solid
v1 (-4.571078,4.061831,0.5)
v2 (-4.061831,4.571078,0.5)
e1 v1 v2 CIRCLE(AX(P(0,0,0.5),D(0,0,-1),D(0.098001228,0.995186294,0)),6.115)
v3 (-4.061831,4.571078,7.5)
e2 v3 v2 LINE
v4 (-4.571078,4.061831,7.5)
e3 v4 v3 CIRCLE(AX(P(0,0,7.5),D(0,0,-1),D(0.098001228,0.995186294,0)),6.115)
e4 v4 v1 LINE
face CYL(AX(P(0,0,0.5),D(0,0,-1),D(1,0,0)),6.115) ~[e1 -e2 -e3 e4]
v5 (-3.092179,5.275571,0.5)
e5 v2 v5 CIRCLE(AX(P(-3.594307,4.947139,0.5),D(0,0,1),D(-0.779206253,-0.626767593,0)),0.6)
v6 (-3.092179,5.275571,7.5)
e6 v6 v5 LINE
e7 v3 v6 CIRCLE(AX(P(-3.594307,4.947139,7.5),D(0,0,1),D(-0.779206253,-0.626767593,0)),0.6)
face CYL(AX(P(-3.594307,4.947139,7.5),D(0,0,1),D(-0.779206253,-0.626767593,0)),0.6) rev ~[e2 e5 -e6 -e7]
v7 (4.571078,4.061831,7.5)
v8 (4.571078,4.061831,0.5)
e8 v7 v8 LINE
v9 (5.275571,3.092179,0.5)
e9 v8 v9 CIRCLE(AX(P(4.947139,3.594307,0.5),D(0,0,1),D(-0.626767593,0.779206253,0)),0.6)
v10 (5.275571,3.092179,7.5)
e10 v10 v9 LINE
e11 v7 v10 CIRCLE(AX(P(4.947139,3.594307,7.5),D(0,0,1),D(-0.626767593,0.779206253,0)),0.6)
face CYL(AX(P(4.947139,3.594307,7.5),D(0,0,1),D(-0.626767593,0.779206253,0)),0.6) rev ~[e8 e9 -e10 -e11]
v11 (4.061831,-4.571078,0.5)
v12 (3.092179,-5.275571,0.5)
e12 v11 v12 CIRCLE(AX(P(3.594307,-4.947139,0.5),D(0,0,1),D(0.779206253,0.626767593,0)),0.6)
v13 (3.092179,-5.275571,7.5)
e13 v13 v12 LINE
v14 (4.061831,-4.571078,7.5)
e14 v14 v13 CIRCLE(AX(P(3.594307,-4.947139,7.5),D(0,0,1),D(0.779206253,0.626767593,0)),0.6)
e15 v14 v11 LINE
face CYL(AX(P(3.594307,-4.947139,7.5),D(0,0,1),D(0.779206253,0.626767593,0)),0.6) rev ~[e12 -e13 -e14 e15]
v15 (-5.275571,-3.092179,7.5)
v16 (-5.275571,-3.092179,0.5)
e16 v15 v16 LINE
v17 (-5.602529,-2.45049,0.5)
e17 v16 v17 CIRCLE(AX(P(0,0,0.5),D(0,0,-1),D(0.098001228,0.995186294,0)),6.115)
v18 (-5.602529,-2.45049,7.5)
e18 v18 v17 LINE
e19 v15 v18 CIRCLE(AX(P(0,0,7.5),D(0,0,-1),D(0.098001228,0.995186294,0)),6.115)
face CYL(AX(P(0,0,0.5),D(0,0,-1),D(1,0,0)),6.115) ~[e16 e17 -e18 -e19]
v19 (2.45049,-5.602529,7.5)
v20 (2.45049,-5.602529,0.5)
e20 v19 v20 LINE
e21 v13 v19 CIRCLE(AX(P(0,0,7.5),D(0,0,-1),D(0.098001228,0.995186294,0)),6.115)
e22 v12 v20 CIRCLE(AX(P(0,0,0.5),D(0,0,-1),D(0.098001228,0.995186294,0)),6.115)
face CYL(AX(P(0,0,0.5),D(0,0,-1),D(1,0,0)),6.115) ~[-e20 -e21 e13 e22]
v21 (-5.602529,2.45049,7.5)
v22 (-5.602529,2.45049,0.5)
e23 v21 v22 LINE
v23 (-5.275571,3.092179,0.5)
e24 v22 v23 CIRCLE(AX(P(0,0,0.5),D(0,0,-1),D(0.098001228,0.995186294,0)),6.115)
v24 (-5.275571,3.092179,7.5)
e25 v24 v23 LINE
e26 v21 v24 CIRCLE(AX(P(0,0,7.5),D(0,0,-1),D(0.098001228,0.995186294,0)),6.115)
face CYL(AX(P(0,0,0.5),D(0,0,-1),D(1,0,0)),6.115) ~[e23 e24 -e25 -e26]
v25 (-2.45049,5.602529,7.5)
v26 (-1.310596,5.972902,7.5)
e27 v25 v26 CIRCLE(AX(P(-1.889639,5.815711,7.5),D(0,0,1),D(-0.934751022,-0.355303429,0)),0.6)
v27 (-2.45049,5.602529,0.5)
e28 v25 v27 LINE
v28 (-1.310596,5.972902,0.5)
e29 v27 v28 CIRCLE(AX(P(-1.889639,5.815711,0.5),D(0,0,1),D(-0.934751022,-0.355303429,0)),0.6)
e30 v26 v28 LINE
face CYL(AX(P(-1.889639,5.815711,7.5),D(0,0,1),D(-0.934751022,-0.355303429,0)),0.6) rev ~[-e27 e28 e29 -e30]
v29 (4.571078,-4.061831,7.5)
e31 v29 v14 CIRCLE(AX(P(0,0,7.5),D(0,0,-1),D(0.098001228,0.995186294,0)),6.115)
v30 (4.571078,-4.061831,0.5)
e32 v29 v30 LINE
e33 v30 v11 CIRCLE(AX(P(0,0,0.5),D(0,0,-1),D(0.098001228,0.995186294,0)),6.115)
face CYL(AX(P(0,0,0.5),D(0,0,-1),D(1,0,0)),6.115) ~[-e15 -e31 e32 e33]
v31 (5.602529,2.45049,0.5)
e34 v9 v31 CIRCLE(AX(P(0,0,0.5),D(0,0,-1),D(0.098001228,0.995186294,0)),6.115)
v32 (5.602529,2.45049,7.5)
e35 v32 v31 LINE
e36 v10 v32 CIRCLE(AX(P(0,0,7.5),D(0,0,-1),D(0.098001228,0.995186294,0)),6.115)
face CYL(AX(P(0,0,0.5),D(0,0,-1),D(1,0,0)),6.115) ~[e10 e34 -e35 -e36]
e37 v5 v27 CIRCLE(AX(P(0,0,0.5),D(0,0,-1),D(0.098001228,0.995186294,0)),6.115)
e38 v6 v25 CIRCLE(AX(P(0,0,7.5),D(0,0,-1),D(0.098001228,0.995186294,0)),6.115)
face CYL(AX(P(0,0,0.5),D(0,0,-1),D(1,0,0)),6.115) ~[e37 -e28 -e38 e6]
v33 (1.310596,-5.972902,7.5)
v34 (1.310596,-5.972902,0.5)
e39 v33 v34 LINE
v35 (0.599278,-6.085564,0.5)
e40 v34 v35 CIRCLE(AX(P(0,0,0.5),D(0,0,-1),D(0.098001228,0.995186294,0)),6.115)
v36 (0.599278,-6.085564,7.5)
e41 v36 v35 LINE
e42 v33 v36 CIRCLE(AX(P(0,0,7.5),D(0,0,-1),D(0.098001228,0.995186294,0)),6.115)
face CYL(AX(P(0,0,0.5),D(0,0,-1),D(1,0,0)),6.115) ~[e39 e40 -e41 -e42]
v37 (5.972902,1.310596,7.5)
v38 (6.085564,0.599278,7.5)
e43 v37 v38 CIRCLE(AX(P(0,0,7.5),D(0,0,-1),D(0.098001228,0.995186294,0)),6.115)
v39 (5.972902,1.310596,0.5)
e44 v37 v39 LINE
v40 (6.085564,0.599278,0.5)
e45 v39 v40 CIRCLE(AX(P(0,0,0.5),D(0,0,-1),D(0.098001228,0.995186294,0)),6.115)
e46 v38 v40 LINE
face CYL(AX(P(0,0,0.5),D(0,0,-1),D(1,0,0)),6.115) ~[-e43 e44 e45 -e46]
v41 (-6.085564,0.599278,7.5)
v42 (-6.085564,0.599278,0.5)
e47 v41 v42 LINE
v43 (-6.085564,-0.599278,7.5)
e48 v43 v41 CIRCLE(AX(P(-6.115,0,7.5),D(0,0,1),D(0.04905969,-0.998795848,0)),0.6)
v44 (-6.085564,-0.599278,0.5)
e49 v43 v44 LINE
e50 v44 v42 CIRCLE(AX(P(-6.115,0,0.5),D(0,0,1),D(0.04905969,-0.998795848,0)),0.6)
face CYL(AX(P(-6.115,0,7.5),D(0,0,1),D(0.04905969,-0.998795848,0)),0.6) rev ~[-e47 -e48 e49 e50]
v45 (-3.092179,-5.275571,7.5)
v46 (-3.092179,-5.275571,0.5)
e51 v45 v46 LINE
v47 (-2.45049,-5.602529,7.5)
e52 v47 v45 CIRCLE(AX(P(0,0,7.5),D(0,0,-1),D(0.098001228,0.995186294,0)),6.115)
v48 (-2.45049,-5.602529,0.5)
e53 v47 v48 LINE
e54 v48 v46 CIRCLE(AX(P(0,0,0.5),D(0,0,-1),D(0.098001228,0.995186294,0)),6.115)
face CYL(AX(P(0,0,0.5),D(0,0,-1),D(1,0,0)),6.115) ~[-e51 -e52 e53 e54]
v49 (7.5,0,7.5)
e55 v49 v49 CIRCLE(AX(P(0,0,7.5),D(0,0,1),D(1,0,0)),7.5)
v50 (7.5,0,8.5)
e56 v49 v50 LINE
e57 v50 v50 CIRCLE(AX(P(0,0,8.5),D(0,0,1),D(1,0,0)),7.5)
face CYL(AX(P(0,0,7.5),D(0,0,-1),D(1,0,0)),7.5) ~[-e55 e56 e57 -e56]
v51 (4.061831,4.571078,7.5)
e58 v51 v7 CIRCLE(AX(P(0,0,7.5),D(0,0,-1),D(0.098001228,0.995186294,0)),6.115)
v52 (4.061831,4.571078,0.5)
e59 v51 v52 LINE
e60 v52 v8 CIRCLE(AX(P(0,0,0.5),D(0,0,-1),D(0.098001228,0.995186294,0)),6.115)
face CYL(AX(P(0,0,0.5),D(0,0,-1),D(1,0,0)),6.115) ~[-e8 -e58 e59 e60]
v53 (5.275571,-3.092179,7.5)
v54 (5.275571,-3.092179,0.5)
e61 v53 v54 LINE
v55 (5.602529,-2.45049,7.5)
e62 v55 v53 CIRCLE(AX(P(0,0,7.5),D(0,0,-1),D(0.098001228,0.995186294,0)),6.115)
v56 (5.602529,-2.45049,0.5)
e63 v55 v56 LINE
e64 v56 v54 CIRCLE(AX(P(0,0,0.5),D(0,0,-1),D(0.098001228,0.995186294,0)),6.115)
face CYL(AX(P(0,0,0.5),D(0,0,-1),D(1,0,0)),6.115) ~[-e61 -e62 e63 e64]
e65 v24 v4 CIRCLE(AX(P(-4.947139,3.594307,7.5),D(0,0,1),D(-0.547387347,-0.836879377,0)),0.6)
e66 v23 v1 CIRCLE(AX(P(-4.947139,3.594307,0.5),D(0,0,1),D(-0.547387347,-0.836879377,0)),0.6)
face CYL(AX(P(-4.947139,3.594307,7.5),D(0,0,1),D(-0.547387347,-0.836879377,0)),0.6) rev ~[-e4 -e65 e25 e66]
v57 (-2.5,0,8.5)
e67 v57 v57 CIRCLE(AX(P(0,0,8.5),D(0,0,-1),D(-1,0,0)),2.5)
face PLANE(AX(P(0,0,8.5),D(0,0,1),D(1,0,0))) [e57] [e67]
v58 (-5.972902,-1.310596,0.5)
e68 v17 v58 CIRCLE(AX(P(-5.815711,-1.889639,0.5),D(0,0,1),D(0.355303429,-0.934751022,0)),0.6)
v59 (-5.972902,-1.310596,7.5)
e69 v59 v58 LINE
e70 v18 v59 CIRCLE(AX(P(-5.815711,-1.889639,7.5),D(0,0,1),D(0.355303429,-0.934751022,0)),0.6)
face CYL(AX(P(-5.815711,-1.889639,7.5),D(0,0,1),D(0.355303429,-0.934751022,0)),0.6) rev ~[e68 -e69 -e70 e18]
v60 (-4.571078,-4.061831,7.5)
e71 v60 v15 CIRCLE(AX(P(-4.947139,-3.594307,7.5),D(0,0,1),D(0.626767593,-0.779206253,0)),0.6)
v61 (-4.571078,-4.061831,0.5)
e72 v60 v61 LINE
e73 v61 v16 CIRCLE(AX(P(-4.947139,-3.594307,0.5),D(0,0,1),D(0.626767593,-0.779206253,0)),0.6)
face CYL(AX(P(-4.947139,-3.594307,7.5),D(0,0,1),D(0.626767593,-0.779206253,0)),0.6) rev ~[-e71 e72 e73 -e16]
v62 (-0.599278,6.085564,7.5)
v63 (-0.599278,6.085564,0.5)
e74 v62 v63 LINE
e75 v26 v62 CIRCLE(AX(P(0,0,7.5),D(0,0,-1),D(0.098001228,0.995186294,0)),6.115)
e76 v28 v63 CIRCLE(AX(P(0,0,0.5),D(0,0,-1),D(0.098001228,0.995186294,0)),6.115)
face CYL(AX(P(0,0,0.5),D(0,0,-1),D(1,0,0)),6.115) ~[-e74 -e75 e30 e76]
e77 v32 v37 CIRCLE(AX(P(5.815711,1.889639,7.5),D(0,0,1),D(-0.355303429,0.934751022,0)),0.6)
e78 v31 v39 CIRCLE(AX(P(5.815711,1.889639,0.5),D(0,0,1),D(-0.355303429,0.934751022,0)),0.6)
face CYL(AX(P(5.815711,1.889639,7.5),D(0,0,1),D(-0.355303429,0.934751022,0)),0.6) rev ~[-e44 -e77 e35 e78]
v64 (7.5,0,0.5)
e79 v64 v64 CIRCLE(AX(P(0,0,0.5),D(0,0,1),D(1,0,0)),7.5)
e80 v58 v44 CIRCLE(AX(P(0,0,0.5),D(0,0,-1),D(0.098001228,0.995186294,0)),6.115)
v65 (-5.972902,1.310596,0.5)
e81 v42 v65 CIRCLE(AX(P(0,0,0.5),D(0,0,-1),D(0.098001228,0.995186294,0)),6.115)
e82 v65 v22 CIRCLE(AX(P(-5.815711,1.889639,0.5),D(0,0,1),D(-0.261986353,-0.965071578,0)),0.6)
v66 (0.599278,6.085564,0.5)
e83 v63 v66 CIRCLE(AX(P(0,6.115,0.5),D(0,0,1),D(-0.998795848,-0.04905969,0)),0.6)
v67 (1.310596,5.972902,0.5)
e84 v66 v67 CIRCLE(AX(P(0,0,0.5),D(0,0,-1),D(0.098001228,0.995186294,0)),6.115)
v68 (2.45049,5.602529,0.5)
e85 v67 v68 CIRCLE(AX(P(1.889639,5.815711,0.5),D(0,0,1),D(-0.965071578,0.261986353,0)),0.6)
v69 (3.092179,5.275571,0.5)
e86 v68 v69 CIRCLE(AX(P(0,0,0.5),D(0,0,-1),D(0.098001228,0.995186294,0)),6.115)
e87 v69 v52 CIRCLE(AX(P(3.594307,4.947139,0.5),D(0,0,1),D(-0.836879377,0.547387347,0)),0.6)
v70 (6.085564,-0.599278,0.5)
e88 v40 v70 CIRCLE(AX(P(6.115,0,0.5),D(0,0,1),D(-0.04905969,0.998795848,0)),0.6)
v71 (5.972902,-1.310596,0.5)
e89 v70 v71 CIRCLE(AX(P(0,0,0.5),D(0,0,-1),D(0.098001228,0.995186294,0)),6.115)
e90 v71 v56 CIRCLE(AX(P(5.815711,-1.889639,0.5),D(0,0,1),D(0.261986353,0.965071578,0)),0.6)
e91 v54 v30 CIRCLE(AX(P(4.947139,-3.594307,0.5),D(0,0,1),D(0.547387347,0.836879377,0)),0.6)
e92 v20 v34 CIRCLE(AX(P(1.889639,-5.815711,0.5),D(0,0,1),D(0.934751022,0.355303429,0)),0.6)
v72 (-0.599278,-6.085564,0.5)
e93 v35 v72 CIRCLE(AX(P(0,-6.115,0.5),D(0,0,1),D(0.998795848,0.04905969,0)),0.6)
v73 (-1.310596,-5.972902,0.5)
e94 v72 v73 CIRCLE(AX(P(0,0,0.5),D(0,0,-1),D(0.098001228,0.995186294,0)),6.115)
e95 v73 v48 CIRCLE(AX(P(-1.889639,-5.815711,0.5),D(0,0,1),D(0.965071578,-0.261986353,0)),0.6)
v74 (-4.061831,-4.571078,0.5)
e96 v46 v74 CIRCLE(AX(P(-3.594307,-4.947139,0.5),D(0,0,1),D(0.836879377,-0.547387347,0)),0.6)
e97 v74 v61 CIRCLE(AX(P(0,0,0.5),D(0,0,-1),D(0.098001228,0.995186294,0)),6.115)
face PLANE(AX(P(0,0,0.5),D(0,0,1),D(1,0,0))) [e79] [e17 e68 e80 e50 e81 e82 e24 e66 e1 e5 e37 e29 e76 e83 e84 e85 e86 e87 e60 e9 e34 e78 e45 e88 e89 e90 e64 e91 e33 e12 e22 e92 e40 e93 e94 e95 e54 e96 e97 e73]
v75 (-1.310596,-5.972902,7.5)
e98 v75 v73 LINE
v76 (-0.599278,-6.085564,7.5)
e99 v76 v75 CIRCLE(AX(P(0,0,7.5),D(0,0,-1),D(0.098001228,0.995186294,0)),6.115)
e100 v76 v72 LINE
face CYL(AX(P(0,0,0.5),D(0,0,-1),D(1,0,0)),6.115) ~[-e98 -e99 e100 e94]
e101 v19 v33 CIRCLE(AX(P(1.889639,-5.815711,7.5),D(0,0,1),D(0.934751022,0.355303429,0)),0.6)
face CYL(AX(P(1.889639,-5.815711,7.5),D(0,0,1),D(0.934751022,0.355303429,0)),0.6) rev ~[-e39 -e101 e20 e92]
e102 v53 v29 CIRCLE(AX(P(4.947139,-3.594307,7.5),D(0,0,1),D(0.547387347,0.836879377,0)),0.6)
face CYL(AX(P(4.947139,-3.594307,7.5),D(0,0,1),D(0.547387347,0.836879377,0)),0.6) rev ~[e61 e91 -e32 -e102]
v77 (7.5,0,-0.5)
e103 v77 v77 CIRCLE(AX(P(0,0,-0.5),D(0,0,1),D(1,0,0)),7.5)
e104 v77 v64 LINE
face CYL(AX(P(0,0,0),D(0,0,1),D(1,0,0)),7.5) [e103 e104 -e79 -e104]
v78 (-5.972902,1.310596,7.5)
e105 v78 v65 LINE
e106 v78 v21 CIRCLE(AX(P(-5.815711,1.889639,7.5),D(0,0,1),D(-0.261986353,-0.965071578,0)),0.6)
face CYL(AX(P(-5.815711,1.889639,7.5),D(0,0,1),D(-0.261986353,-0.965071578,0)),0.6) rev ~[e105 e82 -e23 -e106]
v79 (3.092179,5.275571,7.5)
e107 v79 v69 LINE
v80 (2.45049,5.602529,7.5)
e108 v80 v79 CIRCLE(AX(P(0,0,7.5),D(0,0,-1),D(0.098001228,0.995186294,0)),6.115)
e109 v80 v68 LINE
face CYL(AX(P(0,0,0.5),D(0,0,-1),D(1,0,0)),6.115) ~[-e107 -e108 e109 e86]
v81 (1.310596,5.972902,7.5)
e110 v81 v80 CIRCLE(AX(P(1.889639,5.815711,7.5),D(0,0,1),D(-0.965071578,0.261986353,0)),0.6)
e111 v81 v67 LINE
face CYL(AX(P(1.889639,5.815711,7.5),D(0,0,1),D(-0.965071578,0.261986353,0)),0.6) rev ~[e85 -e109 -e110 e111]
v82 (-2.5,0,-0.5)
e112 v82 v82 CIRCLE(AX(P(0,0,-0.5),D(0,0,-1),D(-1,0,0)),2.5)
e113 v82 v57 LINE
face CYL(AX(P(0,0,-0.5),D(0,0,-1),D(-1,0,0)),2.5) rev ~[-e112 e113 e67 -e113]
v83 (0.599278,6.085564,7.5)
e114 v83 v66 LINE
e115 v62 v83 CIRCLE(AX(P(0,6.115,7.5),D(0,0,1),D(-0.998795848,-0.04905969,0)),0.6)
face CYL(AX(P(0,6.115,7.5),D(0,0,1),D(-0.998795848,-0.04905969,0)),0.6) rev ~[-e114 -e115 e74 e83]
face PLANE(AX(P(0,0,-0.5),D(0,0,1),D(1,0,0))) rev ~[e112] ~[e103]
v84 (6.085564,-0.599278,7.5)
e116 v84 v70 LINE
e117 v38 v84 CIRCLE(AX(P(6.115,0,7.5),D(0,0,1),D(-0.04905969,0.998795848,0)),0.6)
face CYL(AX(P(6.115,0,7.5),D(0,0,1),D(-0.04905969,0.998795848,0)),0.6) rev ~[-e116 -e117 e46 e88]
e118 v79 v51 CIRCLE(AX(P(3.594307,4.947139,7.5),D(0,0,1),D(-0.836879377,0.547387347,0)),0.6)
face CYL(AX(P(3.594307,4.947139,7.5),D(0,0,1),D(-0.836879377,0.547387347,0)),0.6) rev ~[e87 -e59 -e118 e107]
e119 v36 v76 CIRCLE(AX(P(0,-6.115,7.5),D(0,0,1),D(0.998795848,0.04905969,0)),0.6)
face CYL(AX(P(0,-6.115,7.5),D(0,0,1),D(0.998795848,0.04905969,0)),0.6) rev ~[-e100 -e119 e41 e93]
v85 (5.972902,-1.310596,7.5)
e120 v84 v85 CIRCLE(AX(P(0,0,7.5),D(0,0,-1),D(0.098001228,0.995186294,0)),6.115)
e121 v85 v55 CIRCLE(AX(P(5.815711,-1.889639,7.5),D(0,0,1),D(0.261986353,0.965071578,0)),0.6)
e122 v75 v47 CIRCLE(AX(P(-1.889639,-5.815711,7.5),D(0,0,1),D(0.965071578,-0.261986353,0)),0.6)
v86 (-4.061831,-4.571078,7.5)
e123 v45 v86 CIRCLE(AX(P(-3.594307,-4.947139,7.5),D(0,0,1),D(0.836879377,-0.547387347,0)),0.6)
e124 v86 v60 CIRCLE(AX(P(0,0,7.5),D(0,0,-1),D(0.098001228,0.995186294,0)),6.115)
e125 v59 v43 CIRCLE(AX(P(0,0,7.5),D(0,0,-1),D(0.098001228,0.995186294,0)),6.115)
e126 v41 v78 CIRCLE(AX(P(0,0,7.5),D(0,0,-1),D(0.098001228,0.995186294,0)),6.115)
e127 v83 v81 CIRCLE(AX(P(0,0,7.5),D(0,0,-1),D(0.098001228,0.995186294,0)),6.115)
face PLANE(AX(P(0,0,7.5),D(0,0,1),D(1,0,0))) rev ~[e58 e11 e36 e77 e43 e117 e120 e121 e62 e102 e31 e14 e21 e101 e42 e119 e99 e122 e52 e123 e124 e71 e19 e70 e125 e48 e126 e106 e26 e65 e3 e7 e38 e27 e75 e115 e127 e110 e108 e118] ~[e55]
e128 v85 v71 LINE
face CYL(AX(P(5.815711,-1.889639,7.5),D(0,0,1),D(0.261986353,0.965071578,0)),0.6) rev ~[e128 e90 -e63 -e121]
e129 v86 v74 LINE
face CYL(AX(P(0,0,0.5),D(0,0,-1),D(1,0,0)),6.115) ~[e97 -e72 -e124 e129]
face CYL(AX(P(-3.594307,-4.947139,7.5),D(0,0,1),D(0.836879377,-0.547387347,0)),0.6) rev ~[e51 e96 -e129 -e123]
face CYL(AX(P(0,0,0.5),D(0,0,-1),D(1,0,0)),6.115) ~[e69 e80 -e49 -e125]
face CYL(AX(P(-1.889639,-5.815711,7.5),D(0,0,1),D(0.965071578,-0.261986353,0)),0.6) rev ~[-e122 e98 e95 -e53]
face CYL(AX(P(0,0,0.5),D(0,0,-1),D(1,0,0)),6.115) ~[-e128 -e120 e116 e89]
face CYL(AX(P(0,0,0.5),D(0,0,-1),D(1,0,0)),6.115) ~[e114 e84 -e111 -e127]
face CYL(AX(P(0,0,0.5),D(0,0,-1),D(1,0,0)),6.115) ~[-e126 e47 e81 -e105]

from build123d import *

# Parameters (mm, degrees)
SKETCH_1_R               = 7.5
EXTRUDE_1_DEPTH          = 0.5
SKETCH_2_R               = 6.115
EXTRUDE_2_DEPTH          = 7
CUT_EXTRUDE_3_DEPTH      = 7
SKETCH_3_R               = 7.5
EXTRUDE_3_DEPTH          = 1
SKETCH_6_R               = 2.5
CUT_EXTRUDE_2_DEPTH      = 10
PATTERN_CIRCULAR_2_COUNT = 20


with BuildPart() as part:
    # 草圖1 → 填料-伸長1 (new body, symmetric)
    with BuildSketch(Plane.XY):
        Circle(SKETCH_1_R)
    extrude(amount=EXTRUDE_1_DEPTH, both=True)

    # 草圖2 → 填料-伸長2 (add)
    with BuildSketch(Plane.XY.offset(0.5)):
        Circle(SKETCH_2_R)
    extrude(amount=EXTRUDE_2_DEPTH)

    # 草圖7 → 除料-伸長3 (cut)
    with BuildSketch(Plane.XY.offset(7.5)):
        with BuildLine():
            ThreePointArc((-0.599277509, 6.085564186), (0, 5.515), (0.599277509, 6.085564186))
            ThreePointArc((0.599277509, 6.085564186), (0, 6.115), (-0.599277509, 6.085564186))
        make_face()
    cut_extrude_3 = extrude(amount=-CUT_EXTRUDE_3_DEPTH, mode=Mode.SUBTRACT)

    # 草圖3 → 填料-伸長3 (add)
    with BuildSketch(Plane.XY.offset(7.5)):
        Circle(SKETCH_3_R)
    extrude(amount=EXTRUDE_3_DEPTH)

    # 草圖6 → 除料-伸長2 (cut, through all)
    with BuildSketch(Plane(origin=(0, 0, -0.5), x_dir=(-1, 0, 0), z_dir=(0, 0, -1))):
        Circle(SKETCH_6_R)
    extrude(amount=-CUT_EXTRUDE_2_DEPTH, mode=Mode.SUBTRACT)

    # 環狀複製排列2: 除料-伸長3 ×20 about axis
    pattern_circular_2_axis = Axis((0, 0, 0), (0, 0, 1))
    for i in range(1, PATTERN_CIRCULAR_2_COUNT):
        add(cut_extrude_3.rotate(pattern_circular_2_axis, i * 360 / PATTERN_CIRCULAR_2_COUNT), mode=Mode.SUBTRACT)


solid = part.part
